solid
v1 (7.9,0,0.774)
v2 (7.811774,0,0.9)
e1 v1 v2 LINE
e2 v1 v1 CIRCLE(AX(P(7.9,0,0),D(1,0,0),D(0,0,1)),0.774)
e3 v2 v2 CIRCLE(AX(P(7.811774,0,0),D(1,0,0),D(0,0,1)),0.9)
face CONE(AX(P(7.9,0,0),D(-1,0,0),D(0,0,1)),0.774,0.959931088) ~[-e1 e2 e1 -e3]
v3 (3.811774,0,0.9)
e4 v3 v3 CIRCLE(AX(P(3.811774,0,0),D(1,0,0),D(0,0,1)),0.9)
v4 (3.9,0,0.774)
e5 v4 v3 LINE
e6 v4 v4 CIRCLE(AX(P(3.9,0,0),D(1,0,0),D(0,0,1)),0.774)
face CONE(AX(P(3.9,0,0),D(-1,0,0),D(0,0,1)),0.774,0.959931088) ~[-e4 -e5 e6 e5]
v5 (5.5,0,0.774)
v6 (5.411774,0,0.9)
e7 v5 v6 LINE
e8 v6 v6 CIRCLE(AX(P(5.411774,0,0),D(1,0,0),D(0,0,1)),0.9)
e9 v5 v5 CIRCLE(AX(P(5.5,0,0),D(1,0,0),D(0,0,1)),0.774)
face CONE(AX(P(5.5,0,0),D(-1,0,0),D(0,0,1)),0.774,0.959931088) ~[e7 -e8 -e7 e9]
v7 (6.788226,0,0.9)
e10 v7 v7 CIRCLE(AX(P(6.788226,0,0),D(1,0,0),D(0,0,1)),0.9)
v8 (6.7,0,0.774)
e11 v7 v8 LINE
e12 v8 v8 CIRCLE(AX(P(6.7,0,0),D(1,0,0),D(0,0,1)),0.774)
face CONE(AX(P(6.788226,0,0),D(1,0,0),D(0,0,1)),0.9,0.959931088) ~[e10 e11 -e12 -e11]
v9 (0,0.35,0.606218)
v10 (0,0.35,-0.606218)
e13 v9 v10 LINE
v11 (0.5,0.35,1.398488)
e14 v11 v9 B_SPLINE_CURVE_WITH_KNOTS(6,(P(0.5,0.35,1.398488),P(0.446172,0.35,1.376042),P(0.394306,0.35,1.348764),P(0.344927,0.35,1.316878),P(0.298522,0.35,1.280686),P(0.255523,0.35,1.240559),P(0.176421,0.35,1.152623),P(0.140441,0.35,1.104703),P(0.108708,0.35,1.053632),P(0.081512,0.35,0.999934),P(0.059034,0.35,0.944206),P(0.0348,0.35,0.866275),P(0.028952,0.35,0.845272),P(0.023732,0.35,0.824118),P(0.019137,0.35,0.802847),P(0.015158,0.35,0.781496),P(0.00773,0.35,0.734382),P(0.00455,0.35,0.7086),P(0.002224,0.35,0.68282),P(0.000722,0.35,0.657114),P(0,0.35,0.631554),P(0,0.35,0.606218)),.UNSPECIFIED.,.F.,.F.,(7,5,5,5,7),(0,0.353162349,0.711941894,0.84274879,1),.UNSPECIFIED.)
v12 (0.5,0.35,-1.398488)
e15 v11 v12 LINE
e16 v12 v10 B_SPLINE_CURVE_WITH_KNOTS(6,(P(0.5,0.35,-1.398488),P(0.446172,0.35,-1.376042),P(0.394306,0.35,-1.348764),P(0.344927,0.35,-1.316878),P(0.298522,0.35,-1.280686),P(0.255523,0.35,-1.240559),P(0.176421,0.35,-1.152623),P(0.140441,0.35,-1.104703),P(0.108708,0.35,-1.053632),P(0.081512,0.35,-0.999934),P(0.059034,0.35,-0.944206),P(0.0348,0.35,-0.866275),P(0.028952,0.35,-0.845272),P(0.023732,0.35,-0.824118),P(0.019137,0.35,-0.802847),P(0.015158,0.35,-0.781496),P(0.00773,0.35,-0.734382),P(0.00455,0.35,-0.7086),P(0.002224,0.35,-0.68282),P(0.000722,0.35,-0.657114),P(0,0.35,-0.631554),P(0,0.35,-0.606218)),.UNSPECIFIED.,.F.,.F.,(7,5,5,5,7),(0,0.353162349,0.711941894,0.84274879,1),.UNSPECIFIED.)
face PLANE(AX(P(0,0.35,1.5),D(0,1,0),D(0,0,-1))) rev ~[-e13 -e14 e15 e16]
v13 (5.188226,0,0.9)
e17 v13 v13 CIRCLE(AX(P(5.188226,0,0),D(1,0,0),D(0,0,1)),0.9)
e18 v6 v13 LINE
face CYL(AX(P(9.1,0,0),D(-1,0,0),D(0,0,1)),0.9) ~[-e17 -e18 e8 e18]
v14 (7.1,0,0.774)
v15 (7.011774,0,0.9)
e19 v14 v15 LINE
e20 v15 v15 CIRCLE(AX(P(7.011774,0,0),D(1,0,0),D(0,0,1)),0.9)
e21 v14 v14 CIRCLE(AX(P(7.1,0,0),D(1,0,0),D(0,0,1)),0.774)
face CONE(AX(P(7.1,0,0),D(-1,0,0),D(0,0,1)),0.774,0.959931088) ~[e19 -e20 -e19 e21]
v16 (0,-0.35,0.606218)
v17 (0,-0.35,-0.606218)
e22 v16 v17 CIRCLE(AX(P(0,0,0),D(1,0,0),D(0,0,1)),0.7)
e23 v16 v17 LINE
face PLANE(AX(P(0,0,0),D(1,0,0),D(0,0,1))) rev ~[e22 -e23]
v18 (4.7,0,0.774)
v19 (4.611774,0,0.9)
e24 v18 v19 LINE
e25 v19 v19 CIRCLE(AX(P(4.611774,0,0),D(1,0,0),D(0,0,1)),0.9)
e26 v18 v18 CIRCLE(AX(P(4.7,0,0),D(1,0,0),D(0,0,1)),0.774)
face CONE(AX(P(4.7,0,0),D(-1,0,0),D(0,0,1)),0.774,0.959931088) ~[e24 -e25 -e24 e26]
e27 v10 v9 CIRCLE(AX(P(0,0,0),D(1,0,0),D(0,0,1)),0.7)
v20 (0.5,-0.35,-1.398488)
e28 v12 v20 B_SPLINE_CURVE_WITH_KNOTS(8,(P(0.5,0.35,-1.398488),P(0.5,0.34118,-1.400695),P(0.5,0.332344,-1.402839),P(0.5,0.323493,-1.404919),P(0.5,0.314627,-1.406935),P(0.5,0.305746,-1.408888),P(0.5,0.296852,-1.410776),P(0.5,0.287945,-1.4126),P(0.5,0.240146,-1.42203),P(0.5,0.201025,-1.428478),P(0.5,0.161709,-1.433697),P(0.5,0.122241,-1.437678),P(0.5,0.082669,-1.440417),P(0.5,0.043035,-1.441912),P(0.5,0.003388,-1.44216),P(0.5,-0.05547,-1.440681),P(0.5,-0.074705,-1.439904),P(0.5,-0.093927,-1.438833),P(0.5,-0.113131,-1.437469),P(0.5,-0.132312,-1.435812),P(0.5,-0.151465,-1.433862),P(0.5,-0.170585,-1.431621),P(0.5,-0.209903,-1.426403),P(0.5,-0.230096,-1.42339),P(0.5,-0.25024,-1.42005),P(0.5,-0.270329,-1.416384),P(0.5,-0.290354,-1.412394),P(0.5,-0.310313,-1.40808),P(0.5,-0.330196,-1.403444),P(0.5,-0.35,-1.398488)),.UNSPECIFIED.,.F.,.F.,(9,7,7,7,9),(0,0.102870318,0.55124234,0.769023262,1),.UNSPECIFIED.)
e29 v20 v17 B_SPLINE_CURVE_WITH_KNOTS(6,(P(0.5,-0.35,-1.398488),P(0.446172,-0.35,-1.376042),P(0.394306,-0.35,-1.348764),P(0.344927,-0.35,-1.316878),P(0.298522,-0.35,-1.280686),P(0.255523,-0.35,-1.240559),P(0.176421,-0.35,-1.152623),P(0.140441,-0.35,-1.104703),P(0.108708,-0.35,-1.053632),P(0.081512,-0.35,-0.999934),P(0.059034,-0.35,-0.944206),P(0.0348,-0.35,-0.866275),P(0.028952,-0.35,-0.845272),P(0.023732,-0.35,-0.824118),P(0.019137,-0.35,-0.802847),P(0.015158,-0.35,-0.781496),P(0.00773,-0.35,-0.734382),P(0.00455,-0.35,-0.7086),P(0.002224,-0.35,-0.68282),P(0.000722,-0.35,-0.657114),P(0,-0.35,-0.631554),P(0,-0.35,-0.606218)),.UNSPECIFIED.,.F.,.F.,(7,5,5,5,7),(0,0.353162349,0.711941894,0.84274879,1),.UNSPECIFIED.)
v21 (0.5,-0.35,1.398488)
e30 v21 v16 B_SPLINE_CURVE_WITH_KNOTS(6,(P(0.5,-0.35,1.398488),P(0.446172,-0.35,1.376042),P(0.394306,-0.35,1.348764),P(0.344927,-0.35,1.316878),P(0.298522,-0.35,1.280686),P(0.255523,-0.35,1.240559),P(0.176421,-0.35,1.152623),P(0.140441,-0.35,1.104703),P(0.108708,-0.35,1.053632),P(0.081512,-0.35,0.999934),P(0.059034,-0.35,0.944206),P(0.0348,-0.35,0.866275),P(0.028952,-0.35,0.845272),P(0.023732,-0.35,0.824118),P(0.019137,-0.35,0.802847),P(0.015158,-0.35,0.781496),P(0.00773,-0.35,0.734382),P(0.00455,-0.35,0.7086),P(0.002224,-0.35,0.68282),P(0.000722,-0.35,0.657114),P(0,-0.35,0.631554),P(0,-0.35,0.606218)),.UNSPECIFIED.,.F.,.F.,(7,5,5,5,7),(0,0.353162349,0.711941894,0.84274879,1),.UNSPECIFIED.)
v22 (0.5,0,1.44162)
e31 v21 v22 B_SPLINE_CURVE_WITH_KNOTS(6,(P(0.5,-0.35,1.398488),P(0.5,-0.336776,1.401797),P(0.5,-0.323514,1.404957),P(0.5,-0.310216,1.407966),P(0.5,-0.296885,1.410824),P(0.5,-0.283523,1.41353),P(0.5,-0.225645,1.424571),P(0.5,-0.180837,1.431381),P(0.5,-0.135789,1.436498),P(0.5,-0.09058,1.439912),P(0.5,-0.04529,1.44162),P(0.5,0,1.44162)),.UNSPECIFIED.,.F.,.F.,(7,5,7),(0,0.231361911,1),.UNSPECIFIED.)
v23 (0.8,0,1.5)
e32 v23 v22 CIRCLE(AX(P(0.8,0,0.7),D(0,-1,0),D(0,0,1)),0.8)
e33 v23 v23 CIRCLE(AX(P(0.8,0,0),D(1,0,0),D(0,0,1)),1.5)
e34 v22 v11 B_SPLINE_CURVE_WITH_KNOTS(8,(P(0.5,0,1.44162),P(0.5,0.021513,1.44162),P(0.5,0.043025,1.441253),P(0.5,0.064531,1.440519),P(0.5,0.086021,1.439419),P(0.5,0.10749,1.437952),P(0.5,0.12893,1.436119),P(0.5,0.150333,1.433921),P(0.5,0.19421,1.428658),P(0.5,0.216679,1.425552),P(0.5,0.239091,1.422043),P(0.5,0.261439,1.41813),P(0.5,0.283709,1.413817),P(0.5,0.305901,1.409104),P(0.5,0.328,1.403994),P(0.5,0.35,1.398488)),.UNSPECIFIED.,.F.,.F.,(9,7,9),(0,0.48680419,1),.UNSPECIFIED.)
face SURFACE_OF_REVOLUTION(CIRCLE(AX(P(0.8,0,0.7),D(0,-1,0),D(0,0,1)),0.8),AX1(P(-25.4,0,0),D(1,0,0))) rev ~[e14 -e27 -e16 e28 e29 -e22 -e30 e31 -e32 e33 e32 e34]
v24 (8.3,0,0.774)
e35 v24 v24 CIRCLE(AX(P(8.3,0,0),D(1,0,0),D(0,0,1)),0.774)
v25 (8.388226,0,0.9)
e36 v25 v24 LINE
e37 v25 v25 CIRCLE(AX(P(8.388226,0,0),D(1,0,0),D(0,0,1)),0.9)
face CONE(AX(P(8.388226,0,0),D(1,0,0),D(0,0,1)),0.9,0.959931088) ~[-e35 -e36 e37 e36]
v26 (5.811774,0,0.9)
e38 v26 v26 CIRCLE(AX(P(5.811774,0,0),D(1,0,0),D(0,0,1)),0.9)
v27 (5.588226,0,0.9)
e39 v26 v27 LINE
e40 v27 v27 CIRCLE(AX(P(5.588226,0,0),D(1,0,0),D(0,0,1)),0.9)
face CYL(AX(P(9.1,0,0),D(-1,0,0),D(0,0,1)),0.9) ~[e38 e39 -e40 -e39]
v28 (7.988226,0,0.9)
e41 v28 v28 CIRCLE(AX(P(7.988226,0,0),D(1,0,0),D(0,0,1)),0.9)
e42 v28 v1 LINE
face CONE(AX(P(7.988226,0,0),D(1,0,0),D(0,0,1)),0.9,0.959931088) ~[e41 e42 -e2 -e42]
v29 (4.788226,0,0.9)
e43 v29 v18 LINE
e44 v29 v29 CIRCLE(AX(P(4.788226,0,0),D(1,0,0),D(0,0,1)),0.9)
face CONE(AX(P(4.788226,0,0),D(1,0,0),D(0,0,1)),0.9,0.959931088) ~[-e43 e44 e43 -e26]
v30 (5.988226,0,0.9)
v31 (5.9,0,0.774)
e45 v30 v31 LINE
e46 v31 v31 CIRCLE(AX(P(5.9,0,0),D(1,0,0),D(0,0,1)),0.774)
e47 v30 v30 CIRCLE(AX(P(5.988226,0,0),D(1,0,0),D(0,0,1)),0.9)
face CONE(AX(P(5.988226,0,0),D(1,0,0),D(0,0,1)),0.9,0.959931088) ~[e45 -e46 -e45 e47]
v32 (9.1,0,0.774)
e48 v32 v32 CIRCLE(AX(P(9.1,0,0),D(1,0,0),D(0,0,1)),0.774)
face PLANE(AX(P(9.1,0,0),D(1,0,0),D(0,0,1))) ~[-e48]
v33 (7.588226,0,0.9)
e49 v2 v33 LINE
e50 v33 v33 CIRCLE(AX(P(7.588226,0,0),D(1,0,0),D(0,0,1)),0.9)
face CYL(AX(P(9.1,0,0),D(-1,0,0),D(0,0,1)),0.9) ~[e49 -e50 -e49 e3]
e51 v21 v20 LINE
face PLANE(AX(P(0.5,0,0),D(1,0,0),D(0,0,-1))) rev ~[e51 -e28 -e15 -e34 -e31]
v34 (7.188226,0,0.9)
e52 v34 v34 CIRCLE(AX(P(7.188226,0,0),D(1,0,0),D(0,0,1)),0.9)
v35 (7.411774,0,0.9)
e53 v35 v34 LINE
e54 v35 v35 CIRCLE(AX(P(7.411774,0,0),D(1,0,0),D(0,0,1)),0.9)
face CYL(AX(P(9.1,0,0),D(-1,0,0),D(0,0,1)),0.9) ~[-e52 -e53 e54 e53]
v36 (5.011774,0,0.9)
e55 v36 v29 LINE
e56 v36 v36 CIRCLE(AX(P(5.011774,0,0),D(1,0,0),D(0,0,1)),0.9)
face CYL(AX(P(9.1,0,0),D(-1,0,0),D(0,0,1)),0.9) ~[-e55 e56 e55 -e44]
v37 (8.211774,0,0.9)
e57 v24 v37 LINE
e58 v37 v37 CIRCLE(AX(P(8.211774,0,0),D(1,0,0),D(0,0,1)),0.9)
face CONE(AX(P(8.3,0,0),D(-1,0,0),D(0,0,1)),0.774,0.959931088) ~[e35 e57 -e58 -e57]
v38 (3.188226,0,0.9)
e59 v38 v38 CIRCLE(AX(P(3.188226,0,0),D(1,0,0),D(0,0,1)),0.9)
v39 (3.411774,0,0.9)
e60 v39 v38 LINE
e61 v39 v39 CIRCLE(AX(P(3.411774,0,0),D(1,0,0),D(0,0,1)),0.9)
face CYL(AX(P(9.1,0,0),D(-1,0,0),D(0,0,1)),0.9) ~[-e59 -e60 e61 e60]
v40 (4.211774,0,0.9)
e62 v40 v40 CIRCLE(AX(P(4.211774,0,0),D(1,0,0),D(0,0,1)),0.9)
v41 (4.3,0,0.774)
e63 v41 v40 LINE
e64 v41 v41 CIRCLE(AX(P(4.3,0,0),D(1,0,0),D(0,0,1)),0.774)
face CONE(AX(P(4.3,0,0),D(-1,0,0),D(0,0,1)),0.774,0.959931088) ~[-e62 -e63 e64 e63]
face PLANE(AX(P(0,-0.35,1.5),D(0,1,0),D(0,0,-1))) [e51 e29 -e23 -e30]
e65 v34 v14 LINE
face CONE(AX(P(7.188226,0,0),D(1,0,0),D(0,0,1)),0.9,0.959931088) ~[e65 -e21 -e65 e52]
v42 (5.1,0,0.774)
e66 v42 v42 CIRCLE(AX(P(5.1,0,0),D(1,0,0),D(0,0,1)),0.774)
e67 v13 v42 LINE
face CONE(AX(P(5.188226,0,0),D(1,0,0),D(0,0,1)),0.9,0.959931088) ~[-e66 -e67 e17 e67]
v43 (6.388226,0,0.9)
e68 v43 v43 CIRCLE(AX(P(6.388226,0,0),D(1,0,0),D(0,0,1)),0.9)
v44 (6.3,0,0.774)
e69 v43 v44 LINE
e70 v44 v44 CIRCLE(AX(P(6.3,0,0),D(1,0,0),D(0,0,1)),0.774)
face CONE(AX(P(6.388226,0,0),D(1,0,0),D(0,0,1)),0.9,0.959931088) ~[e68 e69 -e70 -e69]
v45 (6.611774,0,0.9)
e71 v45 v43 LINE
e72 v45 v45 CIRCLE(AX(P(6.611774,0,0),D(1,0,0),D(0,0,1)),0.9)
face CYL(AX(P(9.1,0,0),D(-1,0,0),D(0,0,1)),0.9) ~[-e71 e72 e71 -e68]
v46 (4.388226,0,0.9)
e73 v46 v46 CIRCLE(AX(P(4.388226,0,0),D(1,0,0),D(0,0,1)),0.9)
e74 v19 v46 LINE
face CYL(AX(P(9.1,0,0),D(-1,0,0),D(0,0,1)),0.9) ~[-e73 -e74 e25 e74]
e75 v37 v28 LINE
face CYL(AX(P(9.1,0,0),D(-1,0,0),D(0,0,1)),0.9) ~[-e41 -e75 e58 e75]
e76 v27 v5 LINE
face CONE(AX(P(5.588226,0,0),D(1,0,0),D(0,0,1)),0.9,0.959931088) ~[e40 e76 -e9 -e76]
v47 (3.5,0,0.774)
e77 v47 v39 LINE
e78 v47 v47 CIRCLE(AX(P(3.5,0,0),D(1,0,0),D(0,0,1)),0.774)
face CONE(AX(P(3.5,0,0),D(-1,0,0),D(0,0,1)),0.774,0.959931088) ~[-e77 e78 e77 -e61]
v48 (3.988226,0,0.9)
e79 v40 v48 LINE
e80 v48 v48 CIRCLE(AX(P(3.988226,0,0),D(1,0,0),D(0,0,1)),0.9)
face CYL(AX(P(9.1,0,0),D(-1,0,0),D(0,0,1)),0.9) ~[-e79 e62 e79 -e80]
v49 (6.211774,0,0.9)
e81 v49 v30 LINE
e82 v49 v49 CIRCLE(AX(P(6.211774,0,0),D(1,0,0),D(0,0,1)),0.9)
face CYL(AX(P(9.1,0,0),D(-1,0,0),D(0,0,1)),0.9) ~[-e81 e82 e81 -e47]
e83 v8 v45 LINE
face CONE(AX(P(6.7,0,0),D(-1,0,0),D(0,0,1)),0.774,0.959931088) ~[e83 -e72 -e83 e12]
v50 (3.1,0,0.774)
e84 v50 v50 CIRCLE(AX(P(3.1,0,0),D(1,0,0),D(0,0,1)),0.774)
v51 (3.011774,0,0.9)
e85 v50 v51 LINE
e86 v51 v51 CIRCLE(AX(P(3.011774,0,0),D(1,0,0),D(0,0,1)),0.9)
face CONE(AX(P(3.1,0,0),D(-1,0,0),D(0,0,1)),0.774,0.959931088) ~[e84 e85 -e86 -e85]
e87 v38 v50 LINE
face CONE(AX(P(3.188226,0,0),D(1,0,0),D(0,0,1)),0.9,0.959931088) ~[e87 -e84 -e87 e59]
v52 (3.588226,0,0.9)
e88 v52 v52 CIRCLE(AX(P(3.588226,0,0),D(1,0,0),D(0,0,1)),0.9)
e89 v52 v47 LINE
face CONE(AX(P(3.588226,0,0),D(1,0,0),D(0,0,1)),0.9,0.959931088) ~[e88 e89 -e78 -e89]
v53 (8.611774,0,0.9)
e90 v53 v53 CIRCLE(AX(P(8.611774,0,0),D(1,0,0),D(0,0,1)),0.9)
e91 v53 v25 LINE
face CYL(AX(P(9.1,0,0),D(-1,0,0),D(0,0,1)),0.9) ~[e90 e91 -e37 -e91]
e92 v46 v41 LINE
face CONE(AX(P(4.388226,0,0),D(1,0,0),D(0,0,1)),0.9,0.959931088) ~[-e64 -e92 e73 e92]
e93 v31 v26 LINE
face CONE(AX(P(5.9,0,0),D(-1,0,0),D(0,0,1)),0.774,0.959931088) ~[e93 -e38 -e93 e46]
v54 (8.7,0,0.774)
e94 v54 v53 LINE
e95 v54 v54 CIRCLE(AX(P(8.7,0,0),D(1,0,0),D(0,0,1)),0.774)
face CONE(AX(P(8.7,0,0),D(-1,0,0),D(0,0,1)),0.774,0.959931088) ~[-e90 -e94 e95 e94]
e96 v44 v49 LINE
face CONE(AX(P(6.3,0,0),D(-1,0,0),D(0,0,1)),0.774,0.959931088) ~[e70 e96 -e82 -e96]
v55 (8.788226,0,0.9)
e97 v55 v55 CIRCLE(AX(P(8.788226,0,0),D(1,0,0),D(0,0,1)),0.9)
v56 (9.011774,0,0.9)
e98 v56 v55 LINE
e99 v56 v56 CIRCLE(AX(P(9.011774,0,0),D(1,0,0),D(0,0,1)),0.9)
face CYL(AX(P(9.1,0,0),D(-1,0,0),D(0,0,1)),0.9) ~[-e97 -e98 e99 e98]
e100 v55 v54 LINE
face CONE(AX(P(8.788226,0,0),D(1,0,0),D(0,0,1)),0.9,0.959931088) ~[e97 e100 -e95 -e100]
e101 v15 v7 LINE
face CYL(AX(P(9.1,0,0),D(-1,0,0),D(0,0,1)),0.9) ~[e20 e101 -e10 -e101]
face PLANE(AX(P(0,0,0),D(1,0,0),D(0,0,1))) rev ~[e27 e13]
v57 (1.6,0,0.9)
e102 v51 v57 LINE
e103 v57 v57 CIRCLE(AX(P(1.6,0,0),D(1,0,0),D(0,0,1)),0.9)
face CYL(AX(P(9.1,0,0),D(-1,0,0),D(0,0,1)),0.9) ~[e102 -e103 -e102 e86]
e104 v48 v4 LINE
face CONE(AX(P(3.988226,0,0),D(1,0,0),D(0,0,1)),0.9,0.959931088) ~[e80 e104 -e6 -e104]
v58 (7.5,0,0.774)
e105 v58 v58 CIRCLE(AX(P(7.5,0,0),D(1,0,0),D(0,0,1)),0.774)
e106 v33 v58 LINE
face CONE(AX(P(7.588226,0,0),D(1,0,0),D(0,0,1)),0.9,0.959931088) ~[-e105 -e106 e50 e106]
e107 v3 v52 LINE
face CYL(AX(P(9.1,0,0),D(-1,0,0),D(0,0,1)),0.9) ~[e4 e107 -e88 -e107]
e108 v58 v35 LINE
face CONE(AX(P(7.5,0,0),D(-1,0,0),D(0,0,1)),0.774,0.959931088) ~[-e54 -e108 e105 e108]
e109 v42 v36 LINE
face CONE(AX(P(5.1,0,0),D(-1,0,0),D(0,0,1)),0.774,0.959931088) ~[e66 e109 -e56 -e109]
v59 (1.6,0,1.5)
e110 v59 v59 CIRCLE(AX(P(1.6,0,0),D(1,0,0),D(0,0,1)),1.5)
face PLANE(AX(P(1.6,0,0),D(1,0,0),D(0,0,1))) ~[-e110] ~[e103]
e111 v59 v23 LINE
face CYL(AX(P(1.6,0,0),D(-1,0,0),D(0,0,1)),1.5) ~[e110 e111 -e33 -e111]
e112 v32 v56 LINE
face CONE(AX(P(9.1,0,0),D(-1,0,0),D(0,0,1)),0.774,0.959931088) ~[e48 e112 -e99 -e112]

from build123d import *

# Parameters (mm, degrees)
SKETCH2_W       = 3
SKETCH2_H       = 0.7
SLOT_DEPTH      = 0.5
THDSCHPAT_COUNT = 16
THDSCHPAT_PITCH = 0.4


with BuildPart() as part:
    # BodySke → Base-Revolve (revolve)
    with BuildSketch(Plane.XY, mode=Mode.PRIVATE) as base_revolve_sk:
        with BuildLine():
            Line((1.6, 0.9), (1.6, 1.5))
            Line((1.6, 1.5), (0.8, 1.5))
            ThreePointArc((0.8, 1.5), (0.234314575, 1.265685425), (0, 0.7))
            Line((0, 0.7), (0, 0))
            Line((0, 0), (9.1, 0))
            Line((9.1, 0), (9.1, 0.9))
            Line((9.1, 0.9), (1.6, 0.9))
        make_face()
    revolve(base_revolve_sk.sketch.rotate(Axis((-25.4, 0, 0), (1, 0, 0)), 90), axis=Axis((-25.4, 0, 0), (1, 0, 0)))

    # Sketch2 → Slot (cut)
    with BuildSketch(Plane(origin=(0, 0, 0), x_dir=(0, 0, -1), z_dir=(1, 0, 0))):
        Rectangle(SKETCH2_W, SKETCH2_H)
    extrude(amount=SLOT_DEPTH, mode=Mode.SUBTRACT)

    # ThdSchSke → ThreadSchematic (revolve, cut)
    with BuildSketch(Plane.XY, mode=Mode.PRIVATE) as threadschematic_sk:
        Polygon((3.1, -0.774), (3.01177385, -0.9), (3.01177385, -1.35), (3.18822615, -1.35), (3.18822615, -0.9), align=None)
    threadschematic = revolve(threadschematic_sk.sketch.rotate(Axis((-3.175, 0, 0), (1, 0, 0)), 270), axis=Axis((-3.175, 0, 0), (1, 0, 0)), mode=Mode.SUBTRACT)

    # ThdSchPat: ThreadSchematic ×16
    with Locations(*[(i * THDSCHPAT_PITCH, 0, 0) for i in range(1, THDSCHPAT_COUNT)]):
        add(threadschematic, mode=Mode.SUBTRACT)


solid = part.part
